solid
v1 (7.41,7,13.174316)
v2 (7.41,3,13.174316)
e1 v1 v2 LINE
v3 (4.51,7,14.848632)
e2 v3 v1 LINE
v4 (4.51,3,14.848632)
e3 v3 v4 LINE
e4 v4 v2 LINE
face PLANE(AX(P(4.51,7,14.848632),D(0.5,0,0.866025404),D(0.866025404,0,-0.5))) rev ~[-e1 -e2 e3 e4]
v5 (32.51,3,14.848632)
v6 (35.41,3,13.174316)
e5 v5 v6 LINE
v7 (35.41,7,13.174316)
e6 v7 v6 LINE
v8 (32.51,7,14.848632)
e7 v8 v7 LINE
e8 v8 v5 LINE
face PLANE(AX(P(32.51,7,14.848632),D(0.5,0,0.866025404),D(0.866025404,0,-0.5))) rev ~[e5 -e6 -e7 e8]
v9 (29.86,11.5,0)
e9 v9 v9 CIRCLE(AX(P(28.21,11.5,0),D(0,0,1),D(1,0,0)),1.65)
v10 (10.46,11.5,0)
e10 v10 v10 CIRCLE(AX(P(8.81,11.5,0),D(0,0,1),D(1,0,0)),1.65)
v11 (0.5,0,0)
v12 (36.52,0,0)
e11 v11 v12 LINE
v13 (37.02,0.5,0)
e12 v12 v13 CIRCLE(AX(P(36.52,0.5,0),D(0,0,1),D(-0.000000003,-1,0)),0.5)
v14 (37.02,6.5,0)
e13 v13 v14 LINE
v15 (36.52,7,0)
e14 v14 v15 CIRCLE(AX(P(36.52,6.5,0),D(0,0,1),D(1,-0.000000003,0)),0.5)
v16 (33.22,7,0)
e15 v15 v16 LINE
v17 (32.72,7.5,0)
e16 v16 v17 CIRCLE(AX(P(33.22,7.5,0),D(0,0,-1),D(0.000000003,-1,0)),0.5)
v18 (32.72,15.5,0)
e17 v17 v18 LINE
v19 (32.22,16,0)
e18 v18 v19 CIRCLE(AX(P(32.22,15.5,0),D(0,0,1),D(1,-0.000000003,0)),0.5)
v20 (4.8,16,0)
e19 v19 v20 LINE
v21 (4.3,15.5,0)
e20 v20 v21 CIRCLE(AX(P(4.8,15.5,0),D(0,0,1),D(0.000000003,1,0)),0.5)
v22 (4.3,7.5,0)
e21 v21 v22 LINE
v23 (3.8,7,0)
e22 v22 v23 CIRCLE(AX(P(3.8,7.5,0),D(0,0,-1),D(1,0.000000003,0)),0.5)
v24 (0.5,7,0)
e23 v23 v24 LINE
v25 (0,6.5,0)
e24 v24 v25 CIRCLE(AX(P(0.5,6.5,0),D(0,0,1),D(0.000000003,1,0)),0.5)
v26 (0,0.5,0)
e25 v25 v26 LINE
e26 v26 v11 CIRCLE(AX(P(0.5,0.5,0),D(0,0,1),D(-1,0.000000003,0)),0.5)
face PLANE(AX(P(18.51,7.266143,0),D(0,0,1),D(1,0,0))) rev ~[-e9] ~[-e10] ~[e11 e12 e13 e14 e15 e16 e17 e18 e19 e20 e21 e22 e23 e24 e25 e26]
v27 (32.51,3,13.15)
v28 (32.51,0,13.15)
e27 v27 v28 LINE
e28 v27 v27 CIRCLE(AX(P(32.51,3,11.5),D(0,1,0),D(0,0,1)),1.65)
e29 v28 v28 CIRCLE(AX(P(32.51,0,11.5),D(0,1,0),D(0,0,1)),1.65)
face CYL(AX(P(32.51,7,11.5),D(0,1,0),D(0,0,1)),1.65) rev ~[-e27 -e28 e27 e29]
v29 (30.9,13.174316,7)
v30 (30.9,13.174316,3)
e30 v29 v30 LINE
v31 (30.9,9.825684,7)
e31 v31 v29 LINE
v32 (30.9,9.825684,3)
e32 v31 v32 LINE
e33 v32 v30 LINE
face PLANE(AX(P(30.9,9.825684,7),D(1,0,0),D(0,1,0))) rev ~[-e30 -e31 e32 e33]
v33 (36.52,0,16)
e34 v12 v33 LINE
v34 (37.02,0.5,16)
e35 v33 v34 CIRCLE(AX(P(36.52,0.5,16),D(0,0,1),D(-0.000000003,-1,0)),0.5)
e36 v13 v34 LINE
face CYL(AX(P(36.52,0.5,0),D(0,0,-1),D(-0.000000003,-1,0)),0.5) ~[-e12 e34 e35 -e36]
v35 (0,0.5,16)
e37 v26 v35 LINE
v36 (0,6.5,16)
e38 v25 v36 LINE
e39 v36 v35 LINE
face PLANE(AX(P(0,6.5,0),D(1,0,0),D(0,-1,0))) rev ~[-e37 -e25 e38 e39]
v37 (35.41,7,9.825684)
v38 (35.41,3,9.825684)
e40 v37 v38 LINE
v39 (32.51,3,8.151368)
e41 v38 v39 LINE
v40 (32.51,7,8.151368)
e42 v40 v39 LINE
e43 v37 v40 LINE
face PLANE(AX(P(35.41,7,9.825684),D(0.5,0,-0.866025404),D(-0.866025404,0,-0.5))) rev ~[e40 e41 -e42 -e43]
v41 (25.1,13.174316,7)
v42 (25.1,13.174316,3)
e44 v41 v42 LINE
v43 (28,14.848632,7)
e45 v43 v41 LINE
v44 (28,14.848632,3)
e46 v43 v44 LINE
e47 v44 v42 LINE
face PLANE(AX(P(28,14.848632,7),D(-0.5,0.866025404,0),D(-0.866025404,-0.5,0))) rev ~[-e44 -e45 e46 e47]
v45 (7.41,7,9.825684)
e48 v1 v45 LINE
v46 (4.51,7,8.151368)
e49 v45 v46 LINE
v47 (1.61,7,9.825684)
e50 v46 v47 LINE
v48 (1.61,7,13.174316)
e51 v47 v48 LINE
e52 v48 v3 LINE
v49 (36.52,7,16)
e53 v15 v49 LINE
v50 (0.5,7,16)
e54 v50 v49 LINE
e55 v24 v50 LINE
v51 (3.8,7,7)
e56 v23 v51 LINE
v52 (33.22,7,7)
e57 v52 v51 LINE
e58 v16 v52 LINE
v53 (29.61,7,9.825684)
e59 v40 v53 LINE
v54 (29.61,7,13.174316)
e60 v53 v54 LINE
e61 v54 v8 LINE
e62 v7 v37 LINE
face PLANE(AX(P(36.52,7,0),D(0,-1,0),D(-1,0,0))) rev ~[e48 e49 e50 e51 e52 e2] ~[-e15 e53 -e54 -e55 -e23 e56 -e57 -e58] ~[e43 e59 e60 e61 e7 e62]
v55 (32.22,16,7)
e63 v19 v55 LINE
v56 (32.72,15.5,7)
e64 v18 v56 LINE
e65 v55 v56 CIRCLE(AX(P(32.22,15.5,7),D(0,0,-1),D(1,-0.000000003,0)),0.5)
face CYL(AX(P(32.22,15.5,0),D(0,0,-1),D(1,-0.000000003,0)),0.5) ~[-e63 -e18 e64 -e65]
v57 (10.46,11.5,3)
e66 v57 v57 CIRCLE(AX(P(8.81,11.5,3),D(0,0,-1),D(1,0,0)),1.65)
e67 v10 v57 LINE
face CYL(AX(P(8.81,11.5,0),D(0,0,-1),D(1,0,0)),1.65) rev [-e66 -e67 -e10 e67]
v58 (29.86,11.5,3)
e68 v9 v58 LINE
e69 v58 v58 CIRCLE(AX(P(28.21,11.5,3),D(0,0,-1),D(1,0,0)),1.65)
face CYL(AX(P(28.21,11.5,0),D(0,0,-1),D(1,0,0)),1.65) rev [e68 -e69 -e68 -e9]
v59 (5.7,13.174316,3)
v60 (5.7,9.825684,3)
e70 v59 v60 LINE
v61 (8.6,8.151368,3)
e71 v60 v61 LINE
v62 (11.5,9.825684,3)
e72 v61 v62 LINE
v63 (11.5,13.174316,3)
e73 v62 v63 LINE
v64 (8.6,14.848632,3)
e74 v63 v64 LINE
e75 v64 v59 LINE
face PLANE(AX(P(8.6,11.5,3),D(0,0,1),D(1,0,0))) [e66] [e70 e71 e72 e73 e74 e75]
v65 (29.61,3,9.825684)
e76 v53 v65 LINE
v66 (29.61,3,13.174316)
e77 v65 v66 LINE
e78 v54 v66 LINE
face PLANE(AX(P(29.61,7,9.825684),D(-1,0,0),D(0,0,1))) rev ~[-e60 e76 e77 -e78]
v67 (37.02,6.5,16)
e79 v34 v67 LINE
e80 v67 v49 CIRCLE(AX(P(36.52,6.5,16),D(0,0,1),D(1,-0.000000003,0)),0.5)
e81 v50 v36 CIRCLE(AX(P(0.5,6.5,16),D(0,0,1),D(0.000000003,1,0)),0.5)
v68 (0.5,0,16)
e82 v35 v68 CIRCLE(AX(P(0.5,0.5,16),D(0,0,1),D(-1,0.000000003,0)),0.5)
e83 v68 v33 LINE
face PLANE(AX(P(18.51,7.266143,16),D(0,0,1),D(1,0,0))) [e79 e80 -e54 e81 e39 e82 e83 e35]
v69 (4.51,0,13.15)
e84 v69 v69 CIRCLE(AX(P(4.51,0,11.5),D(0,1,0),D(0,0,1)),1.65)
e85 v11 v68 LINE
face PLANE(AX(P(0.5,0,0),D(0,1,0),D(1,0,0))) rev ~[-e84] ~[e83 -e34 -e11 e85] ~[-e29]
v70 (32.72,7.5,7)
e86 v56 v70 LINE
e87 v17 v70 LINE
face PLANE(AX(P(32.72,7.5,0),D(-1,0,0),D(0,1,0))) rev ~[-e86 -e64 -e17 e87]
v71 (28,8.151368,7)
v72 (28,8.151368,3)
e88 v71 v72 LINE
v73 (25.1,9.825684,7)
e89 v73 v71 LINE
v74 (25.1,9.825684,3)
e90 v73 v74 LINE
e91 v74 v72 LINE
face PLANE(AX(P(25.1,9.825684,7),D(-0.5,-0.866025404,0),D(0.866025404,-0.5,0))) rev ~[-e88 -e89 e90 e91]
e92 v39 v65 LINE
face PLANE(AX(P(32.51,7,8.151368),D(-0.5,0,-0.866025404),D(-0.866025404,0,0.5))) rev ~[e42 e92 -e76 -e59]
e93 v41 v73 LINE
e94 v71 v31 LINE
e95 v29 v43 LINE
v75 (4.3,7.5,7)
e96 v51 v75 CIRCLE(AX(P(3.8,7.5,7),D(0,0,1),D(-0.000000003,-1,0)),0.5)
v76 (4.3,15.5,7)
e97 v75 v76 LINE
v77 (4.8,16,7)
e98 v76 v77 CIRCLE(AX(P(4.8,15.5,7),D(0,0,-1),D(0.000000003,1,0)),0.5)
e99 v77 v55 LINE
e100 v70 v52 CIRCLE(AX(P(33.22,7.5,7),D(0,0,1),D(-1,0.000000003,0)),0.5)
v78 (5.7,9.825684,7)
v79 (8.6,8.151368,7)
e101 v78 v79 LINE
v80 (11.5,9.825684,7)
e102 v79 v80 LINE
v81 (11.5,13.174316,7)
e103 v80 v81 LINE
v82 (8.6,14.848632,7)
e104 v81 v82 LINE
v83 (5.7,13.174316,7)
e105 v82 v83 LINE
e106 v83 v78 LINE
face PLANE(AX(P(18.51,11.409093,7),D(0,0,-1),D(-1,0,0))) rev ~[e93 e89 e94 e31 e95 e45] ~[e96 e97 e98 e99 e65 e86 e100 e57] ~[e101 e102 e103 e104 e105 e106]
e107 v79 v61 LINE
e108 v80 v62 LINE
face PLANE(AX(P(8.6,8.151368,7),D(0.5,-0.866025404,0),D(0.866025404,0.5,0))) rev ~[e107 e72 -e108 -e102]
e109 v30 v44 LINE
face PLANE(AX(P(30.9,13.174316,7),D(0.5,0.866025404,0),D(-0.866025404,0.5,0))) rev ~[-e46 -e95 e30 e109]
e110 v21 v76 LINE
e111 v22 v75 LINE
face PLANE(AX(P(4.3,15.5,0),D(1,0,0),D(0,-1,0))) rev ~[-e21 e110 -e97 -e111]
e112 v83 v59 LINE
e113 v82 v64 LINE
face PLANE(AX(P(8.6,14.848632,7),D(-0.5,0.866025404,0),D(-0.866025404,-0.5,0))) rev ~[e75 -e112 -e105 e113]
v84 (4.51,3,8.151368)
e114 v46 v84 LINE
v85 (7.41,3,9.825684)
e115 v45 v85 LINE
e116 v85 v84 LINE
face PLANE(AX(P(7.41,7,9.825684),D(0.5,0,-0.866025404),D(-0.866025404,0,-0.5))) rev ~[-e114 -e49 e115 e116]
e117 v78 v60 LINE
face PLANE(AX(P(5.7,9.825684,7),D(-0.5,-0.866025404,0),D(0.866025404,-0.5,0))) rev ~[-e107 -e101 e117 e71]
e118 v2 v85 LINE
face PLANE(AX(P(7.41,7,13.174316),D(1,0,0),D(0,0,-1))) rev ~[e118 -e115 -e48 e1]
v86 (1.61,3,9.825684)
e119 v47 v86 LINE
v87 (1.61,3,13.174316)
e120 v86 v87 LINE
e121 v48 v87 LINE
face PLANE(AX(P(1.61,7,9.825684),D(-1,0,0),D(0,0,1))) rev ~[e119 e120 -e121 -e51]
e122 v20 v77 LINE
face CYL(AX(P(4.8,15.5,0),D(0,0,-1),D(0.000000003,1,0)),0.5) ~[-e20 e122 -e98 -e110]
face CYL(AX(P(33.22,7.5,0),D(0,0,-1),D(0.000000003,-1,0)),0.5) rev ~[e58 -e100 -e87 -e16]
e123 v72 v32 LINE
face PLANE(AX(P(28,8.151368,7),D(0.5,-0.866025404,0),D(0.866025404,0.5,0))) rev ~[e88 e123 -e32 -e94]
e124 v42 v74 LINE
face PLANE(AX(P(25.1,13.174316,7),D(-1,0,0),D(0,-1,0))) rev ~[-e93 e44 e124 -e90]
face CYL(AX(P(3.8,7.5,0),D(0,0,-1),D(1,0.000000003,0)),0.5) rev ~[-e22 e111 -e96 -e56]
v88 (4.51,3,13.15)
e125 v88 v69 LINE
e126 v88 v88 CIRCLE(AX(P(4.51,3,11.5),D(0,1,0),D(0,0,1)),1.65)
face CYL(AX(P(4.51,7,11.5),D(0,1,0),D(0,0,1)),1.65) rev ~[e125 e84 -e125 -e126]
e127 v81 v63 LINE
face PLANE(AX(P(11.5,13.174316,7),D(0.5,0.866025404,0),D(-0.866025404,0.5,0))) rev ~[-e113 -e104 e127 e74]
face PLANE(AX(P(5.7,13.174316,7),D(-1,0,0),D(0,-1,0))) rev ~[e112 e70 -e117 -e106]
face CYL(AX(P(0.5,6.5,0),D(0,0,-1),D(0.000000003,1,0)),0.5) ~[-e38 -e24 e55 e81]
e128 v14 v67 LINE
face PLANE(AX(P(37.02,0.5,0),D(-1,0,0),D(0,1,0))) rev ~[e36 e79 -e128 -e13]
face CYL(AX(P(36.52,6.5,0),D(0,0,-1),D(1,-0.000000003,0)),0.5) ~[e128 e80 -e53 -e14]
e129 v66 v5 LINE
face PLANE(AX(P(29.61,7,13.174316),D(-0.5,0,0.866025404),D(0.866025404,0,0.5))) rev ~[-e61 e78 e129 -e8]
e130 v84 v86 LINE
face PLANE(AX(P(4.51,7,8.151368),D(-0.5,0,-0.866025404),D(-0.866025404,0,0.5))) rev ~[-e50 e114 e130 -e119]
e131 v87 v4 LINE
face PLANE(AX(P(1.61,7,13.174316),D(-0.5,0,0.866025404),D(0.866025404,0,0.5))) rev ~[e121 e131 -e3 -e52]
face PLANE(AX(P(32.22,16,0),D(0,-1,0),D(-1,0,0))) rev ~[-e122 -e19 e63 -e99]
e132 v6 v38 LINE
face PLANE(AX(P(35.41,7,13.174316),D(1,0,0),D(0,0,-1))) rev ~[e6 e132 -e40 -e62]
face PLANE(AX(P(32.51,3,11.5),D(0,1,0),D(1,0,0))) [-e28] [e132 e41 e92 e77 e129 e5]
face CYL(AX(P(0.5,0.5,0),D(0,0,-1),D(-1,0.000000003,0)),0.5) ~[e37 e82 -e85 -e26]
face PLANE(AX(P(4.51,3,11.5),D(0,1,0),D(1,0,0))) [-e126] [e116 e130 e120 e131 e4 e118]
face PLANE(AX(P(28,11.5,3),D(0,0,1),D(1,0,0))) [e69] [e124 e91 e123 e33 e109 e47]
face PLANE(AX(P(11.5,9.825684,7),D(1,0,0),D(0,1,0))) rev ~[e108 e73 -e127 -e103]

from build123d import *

# Parameters (mm, degrees)
SKETCH1_R           = 1.65
BOSS_EXTRUDE1_DEPTH = 16
CUT_EXTRUDE1_START  = -9
CUT_EXTRUDE1_DEPTH  = 9
CUT_EXTRUDE2_DEPTH  = 4
SKETCH4_R           = 1.65
CUT_EXTRUDE3_DEPTH  = 7
CUT_EXTRUDE4_DEPTH  = 4


with BuildPart() as part:
    # Sketch1 → Boss-Extrude1 (new body)
    with BuildSketch(Plane.XY):
        with BuildLine():
            Line((36.52, 7), (33.22, 7))
            ThreePointArc((33.22, 7), (32.866446609, 7.146446609), (32.72, 7.5))
            Line((32.72, 7.5), (32.72, 15.5))
            ThreePointArc((32.72, 15.5), (32.573553391, 15.853553391), (32.22, 16))
            Line((32.22, 16), (4.8, 16))
            ThreePointArc((4.8, 16), (4.446446609, 15.853553391), (4.3, 15.5))
            Line((4.3, 15.5), (4.3, 7.5))
            ThreePointArc((4.3, 7.5), (4.153553391, 7.146446609), (3.8, 7))
            Line((3.8, 7), (0.5, 7))
            ThreePointArc((0.5, 7), (0.146446609, 6.853553391), (0, 6.5))
            Line((0, 6.5), (0, 0.5))
            ThreePointArc((0, 0.5), (0.146446609, 0.146446609), (0.5, 0))
            Line((0.5, 0), (36.52, 0))
            ThreePointArc((36.52, 0), (36.873553391, 0.146446609), (37.02, 0.5))
            Line((37.02, 0.5), (37.02, 6.5))
            ThreePointArc((37.02, 6.5), (36.873553391, 6.853553391), (36.52, 7))
        make_face()
        with Locations((8.81, 11.5)):
            Circle(SKETCH1_R, mode=Mode.SUBTRACT)
        with Locations((28.21, 11.5)):
            Circle(SKETCH1_R, mode=Mode.SUBTRACT)
    extrude(amount=BOSS_EXTRUDE1_DEPTH)

    # Sketch2 → Cut-Extrude1 (cut)
    with BuildSketch(Plane.XY.offset(16).offset(CUT_EXTRUDE1_START)):
        with BuildLine():
            Line((33.22, 7), (3.8, 7))
            ThreePointArc((3.8, 7), (4.153553391, 7.146446609), (4.3, 7.5))
            Line((4.3, 7.5), (4.3, 16))
            Line((4.3, 16), (32.72, 16))
            Line((32.72, 16), (32.72, 7.5))
            ThreePointArc((32.72, 7.5), (32.866446609, 7.146446609), (33.22, 7))
        make_face()
    extrude(amount=CUT_EXTRUDE1_DEPTH, mode=Mode.SUBTRACT)

    # Sketch3 → Cut-Extrude2 (cut)
    with BuildSketch(Plane.XY.offset(7)):
        Polygon((8.6, 8.151368439), (11.5, 9.825684219), (11.5, 13.174315781), (8.6, 14.848631561), (5.7, 13.174315781), (5.7, 9.825684219), align=None)
        Polygon((28, 8.151368439), (30.9, 9.825684219), (30.9, 13.174315781), (28, 14.848631561), (25.1, 13.174315781), (25.1, 9.825684219), align=None)
    extrude(amount=-CUT_EXTRUDE2_DEPTH, mode=Mode.SUBTRACT)

    # Sketch4 → Cut-Extrude3 (cut)
    with BuildSketch(Plane(origin=(0, 7, 0), x_dir=(1, 0, 0), z_dir=(0, 1, 0))):
        with Locations(Location((32.51, -11.5, 0), (0, 0, 270))):
            Circle(SKETCH4_R)
        with Locations(Location((4.51, -11.5, 0), (0, 0, 270))):
            Circle(SKETCH4_R)
    extrude(amount=-CUT_EXTRUDE3_DEPTH, mode=Mode.SUBTRACT)

    # Sketch5 → Cut-Extrude4 (cut)
    with BuildSketch(Plane(origin=(0, 7, 0), x_dir=(1, 0, 0), z_dir=(0, 1, 0))):
        Polygon((32.51, -14.848631561), (35.41, -13.174315781), (35.41, -9.825684219), (32.51, -8.151368439), (29.61, -9.825684219), (29.61, -13.174315781), align=None)
        Polygon((4.51, -14.848631561), (7.41, -13.174315781), (7.41, -9.825684219), (4.51, -8.151368439), (1.61, -9.825684219), (1.61, -13.174315781), align=None)
    extrude(amount=-CUT_EXTRUDE4_DEPTH, mode=Mode.SUBTRACT)


solid = part.part
